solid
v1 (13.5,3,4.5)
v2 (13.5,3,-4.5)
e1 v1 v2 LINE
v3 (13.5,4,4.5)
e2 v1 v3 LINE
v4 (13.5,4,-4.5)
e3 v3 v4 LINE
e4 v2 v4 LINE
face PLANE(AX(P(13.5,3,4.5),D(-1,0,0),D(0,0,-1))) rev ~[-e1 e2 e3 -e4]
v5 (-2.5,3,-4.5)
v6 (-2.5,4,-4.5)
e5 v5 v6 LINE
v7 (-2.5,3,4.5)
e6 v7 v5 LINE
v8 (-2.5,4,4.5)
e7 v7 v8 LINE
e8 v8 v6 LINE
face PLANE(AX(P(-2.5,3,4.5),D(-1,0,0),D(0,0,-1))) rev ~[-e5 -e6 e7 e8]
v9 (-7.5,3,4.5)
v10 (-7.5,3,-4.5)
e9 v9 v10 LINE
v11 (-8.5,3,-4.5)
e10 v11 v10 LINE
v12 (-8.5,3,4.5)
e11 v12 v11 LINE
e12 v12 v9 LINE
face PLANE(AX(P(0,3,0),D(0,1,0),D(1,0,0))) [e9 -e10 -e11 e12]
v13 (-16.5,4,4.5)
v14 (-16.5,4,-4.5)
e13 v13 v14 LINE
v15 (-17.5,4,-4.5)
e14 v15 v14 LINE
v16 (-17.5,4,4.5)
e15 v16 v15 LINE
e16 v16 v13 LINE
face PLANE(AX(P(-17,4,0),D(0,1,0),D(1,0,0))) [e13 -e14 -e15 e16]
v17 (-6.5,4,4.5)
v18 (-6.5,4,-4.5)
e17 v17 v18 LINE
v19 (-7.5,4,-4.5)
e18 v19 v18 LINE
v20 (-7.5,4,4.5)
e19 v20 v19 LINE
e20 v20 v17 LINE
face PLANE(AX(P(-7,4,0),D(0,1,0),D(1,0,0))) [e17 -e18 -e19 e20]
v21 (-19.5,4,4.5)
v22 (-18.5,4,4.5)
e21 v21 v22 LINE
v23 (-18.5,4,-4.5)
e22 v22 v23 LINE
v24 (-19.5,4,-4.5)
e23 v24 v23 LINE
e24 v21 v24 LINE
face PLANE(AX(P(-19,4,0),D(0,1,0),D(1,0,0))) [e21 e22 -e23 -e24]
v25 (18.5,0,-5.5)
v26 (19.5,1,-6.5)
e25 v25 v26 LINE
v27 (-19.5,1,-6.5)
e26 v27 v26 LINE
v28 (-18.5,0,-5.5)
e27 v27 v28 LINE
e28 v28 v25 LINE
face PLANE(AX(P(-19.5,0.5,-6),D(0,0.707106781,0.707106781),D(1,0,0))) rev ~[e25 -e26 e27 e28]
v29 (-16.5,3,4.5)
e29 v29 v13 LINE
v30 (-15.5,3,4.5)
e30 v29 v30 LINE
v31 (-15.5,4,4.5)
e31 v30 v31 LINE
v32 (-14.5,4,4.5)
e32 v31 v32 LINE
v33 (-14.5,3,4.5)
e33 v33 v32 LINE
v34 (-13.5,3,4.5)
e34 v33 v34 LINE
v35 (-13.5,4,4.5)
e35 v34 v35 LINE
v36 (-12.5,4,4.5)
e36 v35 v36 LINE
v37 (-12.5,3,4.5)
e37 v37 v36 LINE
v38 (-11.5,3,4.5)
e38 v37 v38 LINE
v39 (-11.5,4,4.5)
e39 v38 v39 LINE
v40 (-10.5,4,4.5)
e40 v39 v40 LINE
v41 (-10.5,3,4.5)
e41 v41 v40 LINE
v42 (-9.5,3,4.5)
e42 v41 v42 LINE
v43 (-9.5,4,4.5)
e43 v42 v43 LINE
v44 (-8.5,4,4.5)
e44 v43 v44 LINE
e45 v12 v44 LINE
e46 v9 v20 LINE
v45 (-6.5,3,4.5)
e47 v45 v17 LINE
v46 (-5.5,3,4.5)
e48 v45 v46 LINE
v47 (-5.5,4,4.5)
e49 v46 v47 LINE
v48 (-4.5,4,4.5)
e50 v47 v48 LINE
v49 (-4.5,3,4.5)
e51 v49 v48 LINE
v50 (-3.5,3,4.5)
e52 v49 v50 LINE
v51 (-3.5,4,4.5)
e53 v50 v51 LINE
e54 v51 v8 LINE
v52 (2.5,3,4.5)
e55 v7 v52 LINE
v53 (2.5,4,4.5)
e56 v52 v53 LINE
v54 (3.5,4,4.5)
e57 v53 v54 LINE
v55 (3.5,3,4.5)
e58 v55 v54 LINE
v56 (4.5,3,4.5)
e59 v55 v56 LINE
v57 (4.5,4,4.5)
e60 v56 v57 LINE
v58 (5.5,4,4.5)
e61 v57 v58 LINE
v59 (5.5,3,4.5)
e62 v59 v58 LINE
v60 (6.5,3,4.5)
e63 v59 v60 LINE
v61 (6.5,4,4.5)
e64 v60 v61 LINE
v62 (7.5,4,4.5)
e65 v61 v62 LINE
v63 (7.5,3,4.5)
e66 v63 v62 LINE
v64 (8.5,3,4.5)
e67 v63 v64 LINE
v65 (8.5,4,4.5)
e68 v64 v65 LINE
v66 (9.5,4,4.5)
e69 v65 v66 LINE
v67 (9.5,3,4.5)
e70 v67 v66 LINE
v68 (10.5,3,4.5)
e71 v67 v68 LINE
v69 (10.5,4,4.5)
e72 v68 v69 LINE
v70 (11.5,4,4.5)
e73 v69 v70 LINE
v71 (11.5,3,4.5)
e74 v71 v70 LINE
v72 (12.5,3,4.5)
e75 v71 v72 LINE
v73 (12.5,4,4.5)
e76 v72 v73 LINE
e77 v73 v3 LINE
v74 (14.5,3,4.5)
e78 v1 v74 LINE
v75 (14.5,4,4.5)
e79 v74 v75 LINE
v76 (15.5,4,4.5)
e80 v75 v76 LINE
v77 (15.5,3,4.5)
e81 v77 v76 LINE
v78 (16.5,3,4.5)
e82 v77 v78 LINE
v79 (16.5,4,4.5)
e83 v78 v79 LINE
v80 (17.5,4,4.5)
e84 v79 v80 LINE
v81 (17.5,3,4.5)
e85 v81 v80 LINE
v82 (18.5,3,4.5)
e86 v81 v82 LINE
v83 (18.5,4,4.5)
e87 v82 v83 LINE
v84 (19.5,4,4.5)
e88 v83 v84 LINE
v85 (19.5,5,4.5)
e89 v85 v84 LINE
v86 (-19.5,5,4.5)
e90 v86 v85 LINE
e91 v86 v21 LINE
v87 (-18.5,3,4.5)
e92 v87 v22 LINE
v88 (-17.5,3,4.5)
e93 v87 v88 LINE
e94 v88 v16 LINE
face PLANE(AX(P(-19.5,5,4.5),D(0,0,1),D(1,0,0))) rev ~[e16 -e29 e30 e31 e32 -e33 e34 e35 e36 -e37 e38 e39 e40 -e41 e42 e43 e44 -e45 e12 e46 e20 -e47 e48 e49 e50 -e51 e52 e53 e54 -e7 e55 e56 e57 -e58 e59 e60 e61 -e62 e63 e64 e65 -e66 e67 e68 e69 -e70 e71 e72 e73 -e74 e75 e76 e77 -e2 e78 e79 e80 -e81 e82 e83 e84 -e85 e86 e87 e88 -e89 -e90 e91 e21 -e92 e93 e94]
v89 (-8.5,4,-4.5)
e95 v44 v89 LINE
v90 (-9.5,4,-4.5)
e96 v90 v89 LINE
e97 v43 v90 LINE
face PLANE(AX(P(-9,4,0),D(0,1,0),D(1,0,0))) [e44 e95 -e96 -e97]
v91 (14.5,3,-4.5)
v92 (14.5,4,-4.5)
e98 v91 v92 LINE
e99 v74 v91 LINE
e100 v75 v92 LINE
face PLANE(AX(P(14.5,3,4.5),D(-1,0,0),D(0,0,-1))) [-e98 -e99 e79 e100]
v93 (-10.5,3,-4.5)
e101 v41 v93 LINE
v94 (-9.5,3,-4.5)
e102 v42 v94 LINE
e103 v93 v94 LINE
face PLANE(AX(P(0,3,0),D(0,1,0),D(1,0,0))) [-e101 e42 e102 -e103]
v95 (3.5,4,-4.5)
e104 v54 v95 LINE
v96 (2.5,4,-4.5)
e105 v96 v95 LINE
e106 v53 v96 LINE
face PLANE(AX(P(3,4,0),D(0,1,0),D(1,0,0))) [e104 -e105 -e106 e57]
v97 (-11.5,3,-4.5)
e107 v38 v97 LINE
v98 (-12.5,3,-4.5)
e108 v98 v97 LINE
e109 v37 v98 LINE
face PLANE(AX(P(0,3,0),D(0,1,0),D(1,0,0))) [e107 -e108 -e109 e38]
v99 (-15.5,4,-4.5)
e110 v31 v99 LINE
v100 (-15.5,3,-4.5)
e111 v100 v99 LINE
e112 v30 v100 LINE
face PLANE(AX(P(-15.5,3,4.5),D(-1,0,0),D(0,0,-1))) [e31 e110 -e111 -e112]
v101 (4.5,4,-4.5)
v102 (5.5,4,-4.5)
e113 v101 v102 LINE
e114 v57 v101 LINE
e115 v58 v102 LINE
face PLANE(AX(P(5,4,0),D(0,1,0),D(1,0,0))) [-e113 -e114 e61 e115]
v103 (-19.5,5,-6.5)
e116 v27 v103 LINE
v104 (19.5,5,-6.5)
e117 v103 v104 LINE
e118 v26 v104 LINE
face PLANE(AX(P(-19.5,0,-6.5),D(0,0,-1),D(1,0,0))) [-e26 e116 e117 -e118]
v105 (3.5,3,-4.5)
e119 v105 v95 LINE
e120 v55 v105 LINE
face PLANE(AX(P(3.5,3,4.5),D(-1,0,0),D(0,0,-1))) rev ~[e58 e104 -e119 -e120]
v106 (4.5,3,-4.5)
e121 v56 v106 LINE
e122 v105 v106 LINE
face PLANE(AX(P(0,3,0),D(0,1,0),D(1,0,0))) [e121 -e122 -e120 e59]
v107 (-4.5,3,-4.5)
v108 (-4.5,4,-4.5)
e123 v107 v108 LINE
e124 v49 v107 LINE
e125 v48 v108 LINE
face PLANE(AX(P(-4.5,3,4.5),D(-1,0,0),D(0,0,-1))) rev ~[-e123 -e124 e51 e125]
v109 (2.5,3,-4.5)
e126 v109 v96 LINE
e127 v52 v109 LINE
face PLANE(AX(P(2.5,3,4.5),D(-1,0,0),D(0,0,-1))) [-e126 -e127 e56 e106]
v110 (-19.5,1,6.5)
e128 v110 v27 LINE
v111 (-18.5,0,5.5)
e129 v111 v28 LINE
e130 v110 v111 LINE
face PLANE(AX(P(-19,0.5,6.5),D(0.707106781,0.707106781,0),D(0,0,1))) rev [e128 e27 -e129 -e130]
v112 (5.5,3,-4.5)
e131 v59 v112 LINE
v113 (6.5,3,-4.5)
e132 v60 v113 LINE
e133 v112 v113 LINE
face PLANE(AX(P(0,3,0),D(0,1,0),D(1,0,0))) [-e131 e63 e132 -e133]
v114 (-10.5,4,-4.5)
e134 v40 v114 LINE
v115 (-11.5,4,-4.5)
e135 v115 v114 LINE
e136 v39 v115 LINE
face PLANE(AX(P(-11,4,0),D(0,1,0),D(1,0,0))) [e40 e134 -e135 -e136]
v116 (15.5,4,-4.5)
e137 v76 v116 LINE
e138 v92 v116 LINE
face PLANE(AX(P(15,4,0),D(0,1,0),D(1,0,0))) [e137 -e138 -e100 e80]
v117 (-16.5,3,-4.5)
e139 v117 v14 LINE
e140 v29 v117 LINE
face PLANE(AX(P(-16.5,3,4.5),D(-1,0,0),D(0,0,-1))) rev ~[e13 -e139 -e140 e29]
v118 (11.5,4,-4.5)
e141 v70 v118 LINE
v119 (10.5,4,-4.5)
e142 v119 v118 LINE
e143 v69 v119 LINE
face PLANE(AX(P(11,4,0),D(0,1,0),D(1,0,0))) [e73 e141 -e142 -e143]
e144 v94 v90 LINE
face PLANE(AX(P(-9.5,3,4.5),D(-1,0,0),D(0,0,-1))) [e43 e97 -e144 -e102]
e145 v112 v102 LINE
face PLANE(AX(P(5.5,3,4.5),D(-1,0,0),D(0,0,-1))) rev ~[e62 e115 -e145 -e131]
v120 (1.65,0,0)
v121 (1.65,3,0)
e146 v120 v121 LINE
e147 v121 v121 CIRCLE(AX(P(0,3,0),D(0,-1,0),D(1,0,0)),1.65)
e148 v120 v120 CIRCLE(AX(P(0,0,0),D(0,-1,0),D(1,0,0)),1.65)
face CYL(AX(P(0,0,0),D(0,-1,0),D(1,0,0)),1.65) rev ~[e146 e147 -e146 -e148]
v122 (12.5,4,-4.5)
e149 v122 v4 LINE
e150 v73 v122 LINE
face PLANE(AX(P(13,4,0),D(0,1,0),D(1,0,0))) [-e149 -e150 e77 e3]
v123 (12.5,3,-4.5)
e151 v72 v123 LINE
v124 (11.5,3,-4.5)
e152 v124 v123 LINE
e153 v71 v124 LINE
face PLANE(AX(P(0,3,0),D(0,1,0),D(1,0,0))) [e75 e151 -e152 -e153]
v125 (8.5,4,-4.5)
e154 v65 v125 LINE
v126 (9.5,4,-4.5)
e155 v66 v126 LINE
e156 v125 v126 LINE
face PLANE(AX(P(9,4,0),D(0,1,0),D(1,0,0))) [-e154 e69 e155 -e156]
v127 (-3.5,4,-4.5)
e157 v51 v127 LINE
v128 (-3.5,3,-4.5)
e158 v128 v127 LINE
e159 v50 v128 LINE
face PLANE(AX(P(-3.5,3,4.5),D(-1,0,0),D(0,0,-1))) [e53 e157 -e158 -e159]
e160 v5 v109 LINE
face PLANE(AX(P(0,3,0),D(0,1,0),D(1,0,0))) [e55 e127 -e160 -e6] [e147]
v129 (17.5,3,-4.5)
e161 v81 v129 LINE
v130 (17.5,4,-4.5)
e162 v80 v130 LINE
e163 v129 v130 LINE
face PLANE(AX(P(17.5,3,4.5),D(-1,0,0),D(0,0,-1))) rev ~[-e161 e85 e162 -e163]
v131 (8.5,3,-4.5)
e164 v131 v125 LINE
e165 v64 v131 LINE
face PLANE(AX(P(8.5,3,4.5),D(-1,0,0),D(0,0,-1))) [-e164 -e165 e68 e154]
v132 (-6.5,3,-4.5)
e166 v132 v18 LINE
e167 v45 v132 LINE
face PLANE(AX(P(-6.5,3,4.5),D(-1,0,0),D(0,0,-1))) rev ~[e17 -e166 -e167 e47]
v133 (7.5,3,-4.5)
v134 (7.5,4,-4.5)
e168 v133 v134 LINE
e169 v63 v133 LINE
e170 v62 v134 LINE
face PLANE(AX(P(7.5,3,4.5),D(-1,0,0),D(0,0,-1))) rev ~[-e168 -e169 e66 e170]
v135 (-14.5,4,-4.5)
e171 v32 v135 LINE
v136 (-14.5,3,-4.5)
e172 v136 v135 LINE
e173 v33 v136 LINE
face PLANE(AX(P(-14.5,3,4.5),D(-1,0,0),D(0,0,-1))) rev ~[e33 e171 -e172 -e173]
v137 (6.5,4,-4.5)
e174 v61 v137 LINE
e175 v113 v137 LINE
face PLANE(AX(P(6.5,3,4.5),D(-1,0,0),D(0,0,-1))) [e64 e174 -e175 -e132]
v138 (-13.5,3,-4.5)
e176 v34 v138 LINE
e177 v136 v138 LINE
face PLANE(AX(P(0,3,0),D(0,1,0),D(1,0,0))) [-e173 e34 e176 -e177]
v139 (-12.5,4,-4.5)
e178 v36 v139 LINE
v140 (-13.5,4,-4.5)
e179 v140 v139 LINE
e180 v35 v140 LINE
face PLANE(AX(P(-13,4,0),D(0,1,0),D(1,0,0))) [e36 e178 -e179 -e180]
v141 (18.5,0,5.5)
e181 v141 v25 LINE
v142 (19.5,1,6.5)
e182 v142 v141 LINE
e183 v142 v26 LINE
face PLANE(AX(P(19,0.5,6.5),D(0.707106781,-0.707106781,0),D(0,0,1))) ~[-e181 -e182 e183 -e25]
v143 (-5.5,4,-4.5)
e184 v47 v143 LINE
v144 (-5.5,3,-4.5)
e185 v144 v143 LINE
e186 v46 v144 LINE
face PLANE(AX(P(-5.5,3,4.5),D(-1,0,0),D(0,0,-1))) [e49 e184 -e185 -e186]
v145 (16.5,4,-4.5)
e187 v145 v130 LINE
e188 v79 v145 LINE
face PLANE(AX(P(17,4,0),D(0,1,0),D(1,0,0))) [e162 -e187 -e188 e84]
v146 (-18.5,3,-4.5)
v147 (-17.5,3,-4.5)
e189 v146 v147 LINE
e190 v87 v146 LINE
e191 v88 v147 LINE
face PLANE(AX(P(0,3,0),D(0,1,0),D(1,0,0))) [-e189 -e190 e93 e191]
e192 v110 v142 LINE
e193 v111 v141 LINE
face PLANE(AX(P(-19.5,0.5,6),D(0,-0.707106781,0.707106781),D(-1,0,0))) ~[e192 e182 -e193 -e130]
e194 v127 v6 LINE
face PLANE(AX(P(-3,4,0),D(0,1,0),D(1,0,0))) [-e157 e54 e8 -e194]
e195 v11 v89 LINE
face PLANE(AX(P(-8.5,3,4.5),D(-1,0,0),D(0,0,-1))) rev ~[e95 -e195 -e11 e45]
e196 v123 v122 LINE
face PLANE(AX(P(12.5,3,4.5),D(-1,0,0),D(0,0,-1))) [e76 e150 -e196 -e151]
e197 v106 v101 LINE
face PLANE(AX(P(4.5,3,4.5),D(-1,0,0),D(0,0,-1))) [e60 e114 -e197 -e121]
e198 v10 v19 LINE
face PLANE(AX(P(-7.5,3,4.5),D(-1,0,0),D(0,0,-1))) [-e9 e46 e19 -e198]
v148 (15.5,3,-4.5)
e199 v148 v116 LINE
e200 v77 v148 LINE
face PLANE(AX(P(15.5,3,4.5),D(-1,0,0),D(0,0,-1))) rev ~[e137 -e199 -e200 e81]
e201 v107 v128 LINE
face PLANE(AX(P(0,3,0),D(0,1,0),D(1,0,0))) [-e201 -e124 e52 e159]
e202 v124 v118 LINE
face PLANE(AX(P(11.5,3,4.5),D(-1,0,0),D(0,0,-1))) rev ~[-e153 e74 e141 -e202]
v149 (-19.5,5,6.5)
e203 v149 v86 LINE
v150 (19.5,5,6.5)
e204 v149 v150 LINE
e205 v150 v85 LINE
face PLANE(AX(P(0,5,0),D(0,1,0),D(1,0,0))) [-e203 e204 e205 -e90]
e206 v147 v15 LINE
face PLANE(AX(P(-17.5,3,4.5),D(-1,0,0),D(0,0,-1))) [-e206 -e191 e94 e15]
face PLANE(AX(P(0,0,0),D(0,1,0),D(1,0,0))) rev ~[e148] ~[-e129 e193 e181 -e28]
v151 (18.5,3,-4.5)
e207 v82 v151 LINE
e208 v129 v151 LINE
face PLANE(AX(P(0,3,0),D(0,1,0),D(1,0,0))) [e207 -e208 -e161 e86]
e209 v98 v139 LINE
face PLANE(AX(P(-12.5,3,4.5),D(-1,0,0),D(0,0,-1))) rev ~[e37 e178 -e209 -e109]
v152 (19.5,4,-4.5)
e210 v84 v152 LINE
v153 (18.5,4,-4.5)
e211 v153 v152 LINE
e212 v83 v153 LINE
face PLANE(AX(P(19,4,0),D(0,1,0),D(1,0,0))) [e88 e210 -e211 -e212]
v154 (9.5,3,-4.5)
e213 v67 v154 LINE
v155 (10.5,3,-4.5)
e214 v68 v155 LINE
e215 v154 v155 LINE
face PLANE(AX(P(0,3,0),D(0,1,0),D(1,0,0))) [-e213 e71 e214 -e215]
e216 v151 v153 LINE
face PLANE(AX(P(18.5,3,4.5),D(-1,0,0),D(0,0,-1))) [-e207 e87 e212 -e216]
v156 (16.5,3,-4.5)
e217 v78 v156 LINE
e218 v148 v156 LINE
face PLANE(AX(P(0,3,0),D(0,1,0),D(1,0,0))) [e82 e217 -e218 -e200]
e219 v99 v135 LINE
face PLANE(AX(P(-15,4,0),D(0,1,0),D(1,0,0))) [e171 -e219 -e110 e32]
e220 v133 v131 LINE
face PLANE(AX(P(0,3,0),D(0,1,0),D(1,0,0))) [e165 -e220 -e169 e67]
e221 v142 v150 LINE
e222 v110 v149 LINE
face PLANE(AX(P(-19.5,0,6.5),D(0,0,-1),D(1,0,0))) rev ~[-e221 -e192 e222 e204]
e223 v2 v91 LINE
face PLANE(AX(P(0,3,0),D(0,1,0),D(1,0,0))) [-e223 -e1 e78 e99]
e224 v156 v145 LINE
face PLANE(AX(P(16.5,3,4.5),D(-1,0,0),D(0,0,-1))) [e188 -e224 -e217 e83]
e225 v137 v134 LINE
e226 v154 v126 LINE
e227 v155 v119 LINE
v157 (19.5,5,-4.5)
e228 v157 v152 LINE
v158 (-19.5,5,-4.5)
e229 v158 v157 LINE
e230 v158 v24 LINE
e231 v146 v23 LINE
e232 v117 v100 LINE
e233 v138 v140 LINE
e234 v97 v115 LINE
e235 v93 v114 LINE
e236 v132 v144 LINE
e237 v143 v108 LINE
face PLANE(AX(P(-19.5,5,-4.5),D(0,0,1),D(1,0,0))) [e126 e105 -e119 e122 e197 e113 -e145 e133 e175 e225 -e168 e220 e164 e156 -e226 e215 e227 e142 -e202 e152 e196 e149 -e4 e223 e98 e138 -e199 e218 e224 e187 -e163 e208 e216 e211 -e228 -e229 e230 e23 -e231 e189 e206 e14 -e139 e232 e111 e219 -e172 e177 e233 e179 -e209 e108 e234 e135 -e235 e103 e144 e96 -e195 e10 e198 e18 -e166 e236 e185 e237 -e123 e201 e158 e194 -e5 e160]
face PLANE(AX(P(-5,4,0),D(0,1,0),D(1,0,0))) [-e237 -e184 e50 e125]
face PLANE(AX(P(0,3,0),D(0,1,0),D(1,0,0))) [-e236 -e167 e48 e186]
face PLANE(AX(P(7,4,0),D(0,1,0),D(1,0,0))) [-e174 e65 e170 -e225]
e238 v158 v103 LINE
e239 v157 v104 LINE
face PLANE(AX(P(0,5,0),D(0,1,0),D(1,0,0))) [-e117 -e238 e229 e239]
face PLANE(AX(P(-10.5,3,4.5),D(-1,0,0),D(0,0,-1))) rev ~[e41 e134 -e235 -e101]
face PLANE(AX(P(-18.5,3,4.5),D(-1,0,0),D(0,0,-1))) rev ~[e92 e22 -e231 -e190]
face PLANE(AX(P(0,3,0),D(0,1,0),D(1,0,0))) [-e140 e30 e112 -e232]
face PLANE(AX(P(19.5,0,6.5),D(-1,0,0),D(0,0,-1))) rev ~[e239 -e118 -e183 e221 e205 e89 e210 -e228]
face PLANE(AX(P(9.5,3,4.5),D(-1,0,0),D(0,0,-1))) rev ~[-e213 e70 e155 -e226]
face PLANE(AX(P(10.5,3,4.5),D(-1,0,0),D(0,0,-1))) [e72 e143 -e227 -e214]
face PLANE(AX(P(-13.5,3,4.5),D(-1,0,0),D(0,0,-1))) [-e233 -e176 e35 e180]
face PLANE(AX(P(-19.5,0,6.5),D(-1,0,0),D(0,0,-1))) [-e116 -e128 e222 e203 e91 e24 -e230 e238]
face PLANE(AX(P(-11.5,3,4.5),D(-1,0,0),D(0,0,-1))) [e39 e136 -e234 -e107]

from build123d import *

# Parameters (mm, degrees)
SKETCH1_W           = 39
SKETCH1_H           = 13
BOSS_EXTRUDE1_DEPTH = 5
SKETCH5_W           = 39
SKETCH5_H           = 9
CUT_EXTRUDE1_DEPTH  = 2
SKETCH2_W           = 1
SKETCH2_H           = 9
BOSS_EXTRUDE2_DEPTH = 1
SKETCH6_R           = 1.65
CUT_EXTRUDE2_DEPTH  = 6
CHAMFER1_SIZE       = 1


with BuildPart() as part:
    # Sketch1 → Boss-Extrude1 (new body)
    with BuildSketch(Plane(origin=(0, 0, 0), x_dir=(1, 0, 0), z_dir=(0, 1, 0))):
        Rectangle(SKETCH1_W, SKETCH1_H)
    extrude(amount=BOSS_EXTRUDE1_DEPTH)

    # Sketch5 → Cut-Extrude1 (cut)
    with BuildSketch(Plane(origin=(0, 5, 0), x_dir=(1, 0, 0), z_dir=(0, 1, 0))):
        Rectangle(SKETCH5_W, SKETCH5_H)
    extrude(amount=-CUT_EXTRUDE1_DEPTH, mode=Mode.SUBTRACT)

    # Sketch2 → Boss-Extrude2 (add)
    with BuildSketch(Plane(origin=(0, 3, 0), x_dir=(1, 0, 0), z_dir=(0, 1, 0))):
        with Locations((7, 0)):
            Rectangle(SKETCH2_W, SKETCH2_H)
        with Locations((5, 0)):
            Rectangle(SKETCH2_W, SKETCH2_H)
        with Locations((9, 0)):
            Rectangle(SKETCH2_W, SKETCH2_H)
        with Locations((3, 0)):
            Rectangle(SKETCH2_W, SKETCH2_H)
        with Locations((11, 0)):
            Rectangle(SKETCH2_W, SKETCH2_H)
        with Locations((13, 0)):
            Rectangle(SKETCH2_W, SKETCH2_H)
        with Locations((15, 0)):
            Rectangle(SKETCH2_W, SKETCH2_H)
        with Locations((-3, 0)):
            Rectangle(SKETCH2_W, SKETCH2_H)
        with Locations((17, 0)):
            Rectangle(SKETCH2_W, SKETCH2_H)
        with Locations((-5, 0)):
            Rectangle(SKETCH2_W, SKETCH2_H)
        with Locations((19, 0)):
            Rectangle(SKETCH2_W, SKETCH2_H)
        with Locations((-7, 0)):
            Rectangle(SKETCH2_W, SKETCH2_H)
        with Locations((-9, 0)):
            Rectangle(SKETCH2_W, SKETCH2_H)
        with Locations((-11, 0)):
            Rectangle(SKETCH2_W, SKETCH2_H)
        with Locations((-13, 0)):
            Rectangle(SKETCH2_W, SKETCH2_H)
        with Locations((-15, 0)):
            Rectangle(SKETCH2_W, SKETCH2_H)
        with Locations((-17, 0)):
            Rectangle(SKETCH2_W, SKETCH2_H)
        with Locations((-19, 0)):
            Rectangle(SKETCH2_W, SKETCH2_H)
    extrude(amount=BOSS_EXTRUDE2_DEPTH)

    # Sketch6 → Cut-Extrude2 (cut, through all)
    with BuildSketch(Plane.XZ):
        Circle(SKETCH6_R)
    extrude(amount=-CUT_EXTRUDE2_DEPTH, mode=Mode.SUBTRACT)

    # Chamfer1
    chamfer1_edges = [part.edges().sort_by_distance(p)[0] for p in [
        (-19.5, 0, 0),
        (0, 0, -6.5),
        (19.5, 0, 0),
        (0, 0, 6.5),
    ]]
    chamfer(chamfer1_edges, length=CHAMFER1_SIZE)


solid = part.part
